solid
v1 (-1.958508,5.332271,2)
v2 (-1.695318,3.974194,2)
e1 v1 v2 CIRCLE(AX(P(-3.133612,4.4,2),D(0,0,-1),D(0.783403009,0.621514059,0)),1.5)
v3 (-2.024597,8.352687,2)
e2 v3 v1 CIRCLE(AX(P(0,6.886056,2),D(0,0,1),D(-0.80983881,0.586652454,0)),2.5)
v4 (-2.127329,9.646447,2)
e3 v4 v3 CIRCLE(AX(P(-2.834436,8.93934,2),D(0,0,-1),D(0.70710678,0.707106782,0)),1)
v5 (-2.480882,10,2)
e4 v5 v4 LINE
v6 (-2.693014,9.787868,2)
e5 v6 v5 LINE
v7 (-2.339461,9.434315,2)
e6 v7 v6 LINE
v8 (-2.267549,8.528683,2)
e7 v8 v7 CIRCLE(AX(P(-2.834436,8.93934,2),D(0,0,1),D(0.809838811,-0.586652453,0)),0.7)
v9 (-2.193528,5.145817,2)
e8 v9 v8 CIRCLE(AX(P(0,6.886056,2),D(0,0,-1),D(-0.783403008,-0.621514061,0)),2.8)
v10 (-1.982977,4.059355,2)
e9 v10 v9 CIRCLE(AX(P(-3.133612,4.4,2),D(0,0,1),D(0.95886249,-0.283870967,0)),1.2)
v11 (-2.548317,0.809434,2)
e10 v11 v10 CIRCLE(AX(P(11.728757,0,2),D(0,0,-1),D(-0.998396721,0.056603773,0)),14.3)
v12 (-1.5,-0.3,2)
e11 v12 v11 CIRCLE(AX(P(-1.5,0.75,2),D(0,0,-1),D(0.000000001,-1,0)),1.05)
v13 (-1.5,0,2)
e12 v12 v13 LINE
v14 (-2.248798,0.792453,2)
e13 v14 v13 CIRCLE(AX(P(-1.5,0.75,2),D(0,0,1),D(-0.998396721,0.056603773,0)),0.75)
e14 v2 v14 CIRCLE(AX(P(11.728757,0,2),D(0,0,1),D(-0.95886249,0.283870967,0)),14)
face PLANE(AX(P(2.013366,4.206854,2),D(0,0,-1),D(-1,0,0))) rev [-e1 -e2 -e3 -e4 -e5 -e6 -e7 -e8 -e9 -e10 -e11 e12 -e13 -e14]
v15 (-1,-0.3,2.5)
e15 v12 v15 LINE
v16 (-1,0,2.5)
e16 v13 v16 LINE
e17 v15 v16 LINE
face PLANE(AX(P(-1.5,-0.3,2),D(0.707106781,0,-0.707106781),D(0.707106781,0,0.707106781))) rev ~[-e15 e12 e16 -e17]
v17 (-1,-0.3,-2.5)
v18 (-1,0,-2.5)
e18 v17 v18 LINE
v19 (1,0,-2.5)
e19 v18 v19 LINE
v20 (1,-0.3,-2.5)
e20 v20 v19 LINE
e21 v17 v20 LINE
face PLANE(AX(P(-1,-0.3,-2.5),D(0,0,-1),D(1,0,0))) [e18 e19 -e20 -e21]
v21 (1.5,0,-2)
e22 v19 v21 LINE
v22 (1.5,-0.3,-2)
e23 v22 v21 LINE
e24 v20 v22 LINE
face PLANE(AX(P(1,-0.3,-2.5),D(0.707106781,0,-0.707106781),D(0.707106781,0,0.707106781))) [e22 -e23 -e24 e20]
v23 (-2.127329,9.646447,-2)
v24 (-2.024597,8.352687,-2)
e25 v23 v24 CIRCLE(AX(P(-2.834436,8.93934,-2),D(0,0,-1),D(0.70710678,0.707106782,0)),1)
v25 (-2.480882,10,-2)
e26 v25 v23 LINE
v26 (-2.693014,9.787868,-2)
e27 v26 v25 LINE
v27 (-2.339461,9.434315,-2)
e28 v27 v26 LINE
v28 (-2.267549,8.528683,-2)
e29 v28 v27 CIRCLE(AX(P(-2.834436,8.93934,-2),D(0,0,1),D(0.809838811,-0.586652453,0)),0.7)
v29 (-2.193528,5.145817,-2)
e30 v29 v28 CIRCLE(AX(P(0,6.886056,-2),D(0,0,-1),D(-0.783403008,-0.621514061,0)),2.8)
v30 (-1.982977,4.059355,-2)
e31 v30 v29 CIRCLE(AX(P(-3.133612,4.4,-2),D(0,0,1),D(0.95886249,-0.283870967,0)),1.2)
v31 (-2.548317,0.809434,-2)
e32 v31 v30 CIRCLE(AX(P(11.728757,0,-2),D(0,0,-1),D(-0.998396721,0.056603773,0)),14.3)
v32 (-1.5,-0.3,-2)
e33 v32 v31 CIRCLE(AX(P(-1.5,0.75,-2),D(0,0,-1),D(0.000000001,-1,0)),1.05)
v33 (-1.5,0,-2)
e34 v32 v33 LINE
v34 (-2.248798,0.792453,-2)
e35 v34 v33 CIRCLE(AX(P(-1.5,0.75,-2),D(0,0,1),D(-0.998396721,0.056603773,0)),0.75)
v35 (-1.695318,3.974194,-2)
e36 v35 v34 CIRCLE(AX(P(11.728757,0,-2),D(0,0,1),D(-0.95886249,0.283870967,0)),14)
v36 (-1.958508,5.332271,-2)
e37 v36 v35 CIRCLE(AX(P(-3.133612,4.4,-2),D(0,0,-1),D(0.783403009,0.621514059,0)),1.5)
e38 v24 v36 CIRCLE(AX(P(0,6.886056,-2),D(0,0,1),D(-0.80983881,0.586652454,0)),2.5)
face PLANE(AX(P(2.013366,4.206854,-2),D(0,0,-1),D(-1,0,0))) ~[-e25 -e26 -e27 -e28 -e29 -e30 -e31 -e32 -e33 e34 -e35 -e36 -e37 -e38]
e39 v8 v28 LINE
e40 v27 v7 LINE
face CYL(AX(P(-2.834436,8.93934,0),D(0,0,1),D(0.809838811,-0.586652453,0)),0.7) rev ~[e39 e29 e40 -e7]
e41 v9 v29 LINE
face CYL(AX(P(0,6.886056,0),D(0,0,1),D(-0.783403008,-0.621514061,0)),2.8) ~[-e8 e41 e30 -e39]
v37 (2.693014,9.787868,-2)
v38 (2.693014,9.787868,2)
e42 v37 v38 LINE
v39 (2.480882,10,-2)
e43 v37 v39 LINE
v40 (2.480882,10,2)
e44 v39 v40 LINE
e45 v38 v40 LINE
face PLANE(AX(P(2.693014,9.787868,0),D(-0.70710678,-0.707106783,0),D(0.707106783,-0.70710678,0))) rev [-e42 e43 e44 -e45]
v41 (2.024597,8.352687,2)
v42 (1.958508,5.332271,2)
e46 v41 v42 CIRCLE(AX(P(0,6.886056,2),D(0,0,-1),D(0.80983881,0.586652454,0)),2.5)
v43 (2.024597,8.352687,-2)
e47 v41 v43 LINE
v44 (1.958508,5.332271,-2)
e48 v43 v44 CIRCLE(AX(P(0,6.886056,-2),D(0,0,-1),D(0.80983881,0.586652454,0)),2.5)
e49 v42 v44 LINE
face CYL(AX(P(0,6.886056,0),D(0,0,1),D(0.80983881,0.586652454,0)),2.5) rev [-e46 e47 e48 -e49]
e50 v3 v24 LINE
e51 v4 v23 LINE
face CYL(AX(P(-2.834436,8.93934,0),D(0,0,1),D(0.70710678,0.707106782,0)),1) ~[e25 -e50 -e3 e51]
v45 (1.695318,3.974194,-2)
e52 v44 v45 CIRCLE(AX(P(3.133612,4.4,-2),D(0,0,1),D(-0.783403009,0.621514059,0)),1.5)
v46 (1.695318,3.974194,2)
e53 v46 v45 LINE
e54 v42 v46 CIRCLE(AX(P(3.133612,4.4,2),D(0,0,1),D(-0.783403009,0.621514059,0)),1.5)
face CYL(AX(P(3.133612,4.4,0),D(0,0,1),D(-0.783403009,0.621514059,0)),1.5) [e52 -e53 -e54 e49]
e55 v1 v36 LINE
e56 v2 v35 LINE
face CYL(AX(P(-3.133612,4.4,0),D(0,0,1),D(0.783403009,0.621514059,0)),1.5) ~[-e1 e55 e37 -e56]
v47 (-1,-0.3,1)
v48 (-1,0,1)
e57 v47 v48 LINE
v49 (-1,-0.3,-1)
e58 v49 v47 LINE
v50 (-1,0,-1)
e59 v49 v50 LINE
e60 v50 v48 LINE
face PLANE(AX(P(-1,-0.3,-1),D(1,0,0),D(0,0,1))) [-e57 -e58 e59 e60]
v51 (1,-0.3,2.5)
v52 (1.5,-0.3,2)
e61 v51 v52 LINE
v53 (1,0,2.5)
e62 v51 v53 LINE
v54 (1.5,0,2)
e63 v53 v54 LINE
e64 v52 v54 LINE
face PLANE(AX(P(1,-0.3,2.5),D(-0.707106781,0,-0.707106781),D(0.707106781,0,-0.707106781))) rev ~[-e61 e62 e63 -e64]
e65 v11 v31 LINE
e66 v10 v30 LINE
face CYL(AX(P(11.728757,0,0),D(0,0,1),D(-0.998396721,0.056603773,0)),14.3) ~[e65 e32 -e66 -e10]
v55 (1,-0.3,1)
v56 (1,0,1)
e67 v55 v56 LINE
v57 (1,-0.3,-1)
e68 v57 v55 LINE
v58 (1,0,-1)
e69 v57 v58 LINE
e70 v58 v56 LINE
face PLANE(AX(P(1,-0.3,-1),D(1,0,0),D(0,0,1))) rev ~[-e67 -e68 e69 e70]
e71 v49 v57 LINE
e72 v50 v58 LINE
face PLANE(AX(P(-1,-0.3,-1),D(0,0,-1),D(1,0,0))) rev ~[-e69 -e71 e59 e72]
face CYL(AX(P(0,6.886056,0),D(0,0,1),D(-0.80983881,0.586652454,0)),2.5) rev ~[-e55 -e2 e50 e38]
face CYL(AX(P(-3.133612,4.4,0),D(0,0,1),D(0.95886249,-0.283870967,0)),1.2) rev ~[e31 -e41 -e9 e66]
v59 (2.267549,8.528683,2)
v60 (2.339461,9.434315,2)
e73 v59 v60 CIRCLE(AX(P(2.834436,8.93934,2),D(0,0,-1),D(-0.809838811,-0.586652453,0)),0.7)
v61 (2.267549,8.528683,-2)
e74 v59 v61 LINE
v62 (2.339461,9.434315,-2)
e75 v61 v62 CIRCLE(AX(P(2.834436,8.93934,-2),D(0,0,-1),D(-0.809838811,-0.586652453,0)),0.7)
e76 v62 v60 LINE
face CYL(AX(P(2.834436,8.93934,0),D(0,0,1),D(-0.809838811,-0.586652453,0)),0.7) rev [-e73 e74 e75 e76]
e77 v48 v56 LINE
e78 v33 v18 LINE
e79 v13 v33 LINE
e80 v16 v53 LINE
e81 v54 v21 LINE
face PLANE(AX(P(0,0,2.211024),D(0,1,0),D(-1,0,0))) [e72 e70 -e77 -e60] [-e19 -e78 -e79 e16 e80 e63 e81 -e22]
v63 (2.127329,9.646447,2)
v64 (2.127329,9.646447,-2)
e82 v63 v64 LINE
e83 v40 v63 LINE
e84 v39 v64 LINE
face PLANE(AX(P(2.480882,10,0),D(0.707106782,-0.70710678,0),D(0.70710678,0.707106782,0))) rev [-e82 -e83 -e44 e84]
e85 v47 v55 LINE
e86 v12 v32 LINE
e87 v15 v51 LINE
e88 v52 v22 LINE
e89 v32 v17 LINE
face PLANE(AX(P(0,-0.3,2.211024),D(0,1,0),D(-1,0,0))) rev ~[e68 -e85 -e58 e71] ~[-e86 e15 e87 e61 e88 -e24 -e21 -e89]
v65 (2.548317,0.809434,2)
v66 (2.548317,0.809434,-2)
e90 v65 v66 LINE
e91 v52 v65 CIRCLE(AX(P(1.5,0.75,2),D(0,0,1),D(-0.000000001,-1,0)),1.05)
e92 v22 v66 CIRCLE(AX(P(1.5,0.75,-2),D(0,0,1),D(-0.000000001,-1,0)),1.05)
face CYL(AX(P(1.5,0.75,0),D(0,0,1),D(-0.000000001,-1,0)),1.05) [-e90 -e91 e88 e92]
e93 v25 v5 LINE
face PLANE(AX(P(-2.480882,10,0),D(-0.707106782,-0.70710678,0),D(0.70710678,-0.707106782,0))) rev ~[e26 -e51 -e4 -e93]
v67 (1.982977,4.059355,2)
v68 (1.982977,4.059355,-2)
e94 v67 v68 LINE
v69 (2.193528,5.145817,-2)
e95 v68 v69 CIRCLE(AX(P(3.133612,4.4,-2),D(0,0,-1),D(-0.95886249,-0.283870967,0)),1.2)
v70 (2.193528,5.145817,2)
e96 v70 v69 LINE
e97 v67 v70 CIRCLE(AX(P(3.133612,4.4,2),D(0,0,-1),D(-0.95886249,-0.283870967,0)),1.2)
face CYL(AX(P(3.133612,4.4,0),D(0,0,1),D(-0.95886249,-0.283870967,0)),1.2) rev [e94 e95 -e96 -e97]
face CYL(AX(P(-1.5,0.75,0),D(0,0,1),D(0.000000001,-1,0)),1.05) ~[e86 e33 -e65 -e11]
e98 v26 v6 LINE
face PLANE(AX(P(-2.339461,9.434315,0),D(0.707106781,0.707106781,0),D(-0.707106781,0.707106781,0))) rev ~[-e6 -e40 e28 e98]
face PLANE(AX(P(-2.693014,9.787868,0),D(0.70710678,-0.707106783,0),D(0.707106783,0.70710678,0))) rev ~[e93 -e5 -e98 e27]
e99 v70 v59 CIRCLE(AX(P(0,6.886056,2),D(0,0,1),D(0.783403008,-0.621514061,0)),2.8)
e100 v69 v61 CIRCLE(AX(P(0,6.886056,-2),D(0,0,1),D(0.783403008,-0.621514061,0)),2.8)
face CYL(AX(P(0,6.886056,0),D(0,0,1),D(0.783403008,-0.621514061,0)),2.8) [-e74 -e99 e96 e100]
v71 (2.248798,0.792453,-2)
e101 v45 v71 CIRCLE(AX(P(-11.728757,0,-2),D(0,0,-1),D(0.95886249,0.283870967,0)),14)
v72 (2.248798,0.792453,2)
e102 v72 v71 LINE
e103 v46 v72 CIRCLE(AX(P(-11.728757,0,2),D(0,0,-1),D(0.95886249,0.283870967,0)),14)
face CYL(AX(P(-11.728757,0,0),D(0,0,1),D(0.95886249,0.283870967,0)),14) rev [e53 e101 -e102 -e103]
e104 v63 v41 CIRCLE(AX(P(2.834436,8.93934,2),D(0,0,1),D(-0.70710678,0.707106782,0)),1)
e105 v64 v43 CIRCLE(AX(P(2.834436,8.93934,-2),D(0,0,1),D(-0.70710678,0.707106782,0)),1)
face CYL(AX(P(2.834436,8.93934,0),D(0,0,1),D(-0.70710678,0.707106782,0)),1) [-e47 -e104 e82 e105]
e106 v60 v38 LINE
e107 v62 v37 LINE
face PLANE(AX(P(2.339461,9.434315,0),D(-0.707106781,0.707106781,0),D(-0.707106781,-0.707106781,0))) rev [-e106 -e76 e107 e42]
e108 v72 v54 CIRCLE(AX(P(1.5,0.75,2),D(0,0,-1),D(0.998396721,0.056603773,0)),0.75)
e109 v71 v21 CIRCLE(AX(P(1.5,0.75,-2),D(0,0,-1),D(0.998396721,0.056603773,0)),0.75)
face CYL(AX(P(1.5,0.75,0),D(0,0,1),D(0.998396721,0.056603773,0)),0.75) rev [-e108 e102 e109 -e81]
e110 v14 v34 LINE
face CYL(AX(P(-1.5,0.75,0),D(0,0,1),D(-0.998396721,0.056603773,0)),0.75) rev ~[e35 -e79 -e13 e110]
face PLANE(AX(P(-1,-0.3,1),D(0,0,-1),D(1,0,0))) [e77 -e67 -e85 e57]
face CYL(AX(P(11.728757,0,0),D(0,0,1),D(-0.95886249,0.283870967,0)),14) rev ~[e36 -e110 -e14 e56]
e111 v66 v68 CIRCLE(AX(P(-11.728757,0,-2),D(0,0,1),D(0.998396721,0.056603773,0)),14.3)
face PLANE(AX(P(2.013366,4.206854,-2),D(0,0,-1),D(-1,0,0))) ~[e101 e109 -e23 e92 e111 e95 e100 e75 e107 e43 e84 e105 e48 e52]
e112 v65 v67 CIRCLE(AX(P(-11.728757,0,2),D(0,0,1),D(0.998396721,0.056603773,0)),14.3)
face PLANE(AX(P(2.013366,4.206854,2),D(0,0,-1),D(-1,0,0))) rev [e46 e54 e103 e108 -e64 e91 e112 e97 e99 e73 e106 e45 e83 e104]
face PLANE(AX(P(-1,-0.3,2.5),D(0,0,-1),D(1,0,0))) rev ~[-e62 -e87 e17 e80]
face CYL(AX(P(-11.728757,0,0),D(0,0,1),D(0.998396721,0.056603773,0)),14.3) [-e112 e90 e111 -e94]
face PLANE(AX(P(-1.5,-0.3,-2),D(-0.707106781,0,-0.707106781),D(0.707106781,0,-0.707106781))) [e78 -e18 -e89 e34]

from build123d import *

# Parameters (mm, degrees)
EXTRUDE_1_DEPTH     = 2
EXTRUDE_1_2_DEPTH   = 0.3
CUT_EXTRUDE_1_REACH = 12.3
SKETCH_3_W          = 2
SKETCH_3_H          = 2


with BuildPart() as part:
    # Эскиз1 → Extrude 1 (new body, symmetric)
    with BuildSketch(Plane.XY):
        with BuildLine():
            Line((-2.480882446, 10), (-2.127329056, 9.646446609))
            ThreePointArc((-2.127329056, 9.646446609), (-1.837573649, 9.0184965), (-2.024597026, 8.352687375))
            ThreePointArc((-2.024597026, 8.352687375), (-2.499401746, 6.831367016), (-1.958507519, 5.332271091))
            ThreePointArc((-1.958507519, 5.332271091), (-1.661010167, 4.685383513), (-1.695318297, 3.974193548))
            ThreePointArc((-1.695318297, 3.974193548), (-2.06411065, 2.399336209), (-2.248797541, 0.79245283))
            ThreePointArc((-2.248797541, 0.79245283), (-2.045132838, 0.234897885), (-1.5, 0))
            Line((-1.5, 0), (0, 0))
            Line((0, 0), (0, -0.3))
            Line((0, -0.3), (-1.5, -0.3))
            ThreePointArc((-1.5, -0.3), (-2.263185974, 0.028857039), (-2.548316557, 0.809433962))
            ThreePointArc((-2.548316557, 0.809433962), (-2.359672091, 2.450750556), (-1.982977044, 4.059354839))
            ThreePointArc((-1.982977044, 4.059354839), (-1.95553054, 4.62830681), (-2.193528422, 5.145816873))
            ThreePointArc((-2.193528422, 5.145816873), (-2.799329956, 6.824804309), (-2.26754867, 8.528683111))
            ThreePointArc((-2.26754867, 8.528683111), (-2.136632306, 8.994749499), (-2.33946109, 9.434314575))
            Line((-2.33946109, 9.434314575), (-2.693014481, 9.787867966))
            Line((-2.693014481, 9.787867966), (-2.480882446, 10))
        make_face()
    extrude_1 = extrude(amount=EXTRUDE_1_DEPTH, both=True)

    # Зеркальное отражение1: Extrude 1 across plane
    add(extrude_1.mirror(Plane(origin=(0, 0, 0), x_dir=(0, 0, 1), z_dir=(1, 0, 0))))

    # Эскиз2 → Extrude 1 2 (add)
    with BuildSketch(Plane.XZ.offset(0.3)):
        Polygon((-1.5, 2), (-1, 2.5), (1, 2.5), (1.5, 2), align=None)
        Polygon((-1.5, -2), (-1, -2.5), (1, -2.5), (1.5, -2), align=None)
    extrude(amount=-EXTRUDE_1_2_DEPTH)

    # Эскиз3 → Вырез-Вытянуть1 (cut, up to next)
    with BuildSketch(Plane.XZ.offset(0.3), mode=Mode.PRIVATE) as cut_extrude_1_sk1:
        Rectangle(SKETCH_3_W, SKETCH_3_H)
    cut_extrude_1_tool1 = extrude(cut_extrude_1_sk1.sketch, amount=-CUT_EXTRUDE_1_REACH, mode=Mode.PRIVATE) & part.part
    add(cut_extrude_1_tool1.solids().sort_by_distance((0, -0.3, 0))[0], mode=Mode.SUBTRACT)


solid = part.part
